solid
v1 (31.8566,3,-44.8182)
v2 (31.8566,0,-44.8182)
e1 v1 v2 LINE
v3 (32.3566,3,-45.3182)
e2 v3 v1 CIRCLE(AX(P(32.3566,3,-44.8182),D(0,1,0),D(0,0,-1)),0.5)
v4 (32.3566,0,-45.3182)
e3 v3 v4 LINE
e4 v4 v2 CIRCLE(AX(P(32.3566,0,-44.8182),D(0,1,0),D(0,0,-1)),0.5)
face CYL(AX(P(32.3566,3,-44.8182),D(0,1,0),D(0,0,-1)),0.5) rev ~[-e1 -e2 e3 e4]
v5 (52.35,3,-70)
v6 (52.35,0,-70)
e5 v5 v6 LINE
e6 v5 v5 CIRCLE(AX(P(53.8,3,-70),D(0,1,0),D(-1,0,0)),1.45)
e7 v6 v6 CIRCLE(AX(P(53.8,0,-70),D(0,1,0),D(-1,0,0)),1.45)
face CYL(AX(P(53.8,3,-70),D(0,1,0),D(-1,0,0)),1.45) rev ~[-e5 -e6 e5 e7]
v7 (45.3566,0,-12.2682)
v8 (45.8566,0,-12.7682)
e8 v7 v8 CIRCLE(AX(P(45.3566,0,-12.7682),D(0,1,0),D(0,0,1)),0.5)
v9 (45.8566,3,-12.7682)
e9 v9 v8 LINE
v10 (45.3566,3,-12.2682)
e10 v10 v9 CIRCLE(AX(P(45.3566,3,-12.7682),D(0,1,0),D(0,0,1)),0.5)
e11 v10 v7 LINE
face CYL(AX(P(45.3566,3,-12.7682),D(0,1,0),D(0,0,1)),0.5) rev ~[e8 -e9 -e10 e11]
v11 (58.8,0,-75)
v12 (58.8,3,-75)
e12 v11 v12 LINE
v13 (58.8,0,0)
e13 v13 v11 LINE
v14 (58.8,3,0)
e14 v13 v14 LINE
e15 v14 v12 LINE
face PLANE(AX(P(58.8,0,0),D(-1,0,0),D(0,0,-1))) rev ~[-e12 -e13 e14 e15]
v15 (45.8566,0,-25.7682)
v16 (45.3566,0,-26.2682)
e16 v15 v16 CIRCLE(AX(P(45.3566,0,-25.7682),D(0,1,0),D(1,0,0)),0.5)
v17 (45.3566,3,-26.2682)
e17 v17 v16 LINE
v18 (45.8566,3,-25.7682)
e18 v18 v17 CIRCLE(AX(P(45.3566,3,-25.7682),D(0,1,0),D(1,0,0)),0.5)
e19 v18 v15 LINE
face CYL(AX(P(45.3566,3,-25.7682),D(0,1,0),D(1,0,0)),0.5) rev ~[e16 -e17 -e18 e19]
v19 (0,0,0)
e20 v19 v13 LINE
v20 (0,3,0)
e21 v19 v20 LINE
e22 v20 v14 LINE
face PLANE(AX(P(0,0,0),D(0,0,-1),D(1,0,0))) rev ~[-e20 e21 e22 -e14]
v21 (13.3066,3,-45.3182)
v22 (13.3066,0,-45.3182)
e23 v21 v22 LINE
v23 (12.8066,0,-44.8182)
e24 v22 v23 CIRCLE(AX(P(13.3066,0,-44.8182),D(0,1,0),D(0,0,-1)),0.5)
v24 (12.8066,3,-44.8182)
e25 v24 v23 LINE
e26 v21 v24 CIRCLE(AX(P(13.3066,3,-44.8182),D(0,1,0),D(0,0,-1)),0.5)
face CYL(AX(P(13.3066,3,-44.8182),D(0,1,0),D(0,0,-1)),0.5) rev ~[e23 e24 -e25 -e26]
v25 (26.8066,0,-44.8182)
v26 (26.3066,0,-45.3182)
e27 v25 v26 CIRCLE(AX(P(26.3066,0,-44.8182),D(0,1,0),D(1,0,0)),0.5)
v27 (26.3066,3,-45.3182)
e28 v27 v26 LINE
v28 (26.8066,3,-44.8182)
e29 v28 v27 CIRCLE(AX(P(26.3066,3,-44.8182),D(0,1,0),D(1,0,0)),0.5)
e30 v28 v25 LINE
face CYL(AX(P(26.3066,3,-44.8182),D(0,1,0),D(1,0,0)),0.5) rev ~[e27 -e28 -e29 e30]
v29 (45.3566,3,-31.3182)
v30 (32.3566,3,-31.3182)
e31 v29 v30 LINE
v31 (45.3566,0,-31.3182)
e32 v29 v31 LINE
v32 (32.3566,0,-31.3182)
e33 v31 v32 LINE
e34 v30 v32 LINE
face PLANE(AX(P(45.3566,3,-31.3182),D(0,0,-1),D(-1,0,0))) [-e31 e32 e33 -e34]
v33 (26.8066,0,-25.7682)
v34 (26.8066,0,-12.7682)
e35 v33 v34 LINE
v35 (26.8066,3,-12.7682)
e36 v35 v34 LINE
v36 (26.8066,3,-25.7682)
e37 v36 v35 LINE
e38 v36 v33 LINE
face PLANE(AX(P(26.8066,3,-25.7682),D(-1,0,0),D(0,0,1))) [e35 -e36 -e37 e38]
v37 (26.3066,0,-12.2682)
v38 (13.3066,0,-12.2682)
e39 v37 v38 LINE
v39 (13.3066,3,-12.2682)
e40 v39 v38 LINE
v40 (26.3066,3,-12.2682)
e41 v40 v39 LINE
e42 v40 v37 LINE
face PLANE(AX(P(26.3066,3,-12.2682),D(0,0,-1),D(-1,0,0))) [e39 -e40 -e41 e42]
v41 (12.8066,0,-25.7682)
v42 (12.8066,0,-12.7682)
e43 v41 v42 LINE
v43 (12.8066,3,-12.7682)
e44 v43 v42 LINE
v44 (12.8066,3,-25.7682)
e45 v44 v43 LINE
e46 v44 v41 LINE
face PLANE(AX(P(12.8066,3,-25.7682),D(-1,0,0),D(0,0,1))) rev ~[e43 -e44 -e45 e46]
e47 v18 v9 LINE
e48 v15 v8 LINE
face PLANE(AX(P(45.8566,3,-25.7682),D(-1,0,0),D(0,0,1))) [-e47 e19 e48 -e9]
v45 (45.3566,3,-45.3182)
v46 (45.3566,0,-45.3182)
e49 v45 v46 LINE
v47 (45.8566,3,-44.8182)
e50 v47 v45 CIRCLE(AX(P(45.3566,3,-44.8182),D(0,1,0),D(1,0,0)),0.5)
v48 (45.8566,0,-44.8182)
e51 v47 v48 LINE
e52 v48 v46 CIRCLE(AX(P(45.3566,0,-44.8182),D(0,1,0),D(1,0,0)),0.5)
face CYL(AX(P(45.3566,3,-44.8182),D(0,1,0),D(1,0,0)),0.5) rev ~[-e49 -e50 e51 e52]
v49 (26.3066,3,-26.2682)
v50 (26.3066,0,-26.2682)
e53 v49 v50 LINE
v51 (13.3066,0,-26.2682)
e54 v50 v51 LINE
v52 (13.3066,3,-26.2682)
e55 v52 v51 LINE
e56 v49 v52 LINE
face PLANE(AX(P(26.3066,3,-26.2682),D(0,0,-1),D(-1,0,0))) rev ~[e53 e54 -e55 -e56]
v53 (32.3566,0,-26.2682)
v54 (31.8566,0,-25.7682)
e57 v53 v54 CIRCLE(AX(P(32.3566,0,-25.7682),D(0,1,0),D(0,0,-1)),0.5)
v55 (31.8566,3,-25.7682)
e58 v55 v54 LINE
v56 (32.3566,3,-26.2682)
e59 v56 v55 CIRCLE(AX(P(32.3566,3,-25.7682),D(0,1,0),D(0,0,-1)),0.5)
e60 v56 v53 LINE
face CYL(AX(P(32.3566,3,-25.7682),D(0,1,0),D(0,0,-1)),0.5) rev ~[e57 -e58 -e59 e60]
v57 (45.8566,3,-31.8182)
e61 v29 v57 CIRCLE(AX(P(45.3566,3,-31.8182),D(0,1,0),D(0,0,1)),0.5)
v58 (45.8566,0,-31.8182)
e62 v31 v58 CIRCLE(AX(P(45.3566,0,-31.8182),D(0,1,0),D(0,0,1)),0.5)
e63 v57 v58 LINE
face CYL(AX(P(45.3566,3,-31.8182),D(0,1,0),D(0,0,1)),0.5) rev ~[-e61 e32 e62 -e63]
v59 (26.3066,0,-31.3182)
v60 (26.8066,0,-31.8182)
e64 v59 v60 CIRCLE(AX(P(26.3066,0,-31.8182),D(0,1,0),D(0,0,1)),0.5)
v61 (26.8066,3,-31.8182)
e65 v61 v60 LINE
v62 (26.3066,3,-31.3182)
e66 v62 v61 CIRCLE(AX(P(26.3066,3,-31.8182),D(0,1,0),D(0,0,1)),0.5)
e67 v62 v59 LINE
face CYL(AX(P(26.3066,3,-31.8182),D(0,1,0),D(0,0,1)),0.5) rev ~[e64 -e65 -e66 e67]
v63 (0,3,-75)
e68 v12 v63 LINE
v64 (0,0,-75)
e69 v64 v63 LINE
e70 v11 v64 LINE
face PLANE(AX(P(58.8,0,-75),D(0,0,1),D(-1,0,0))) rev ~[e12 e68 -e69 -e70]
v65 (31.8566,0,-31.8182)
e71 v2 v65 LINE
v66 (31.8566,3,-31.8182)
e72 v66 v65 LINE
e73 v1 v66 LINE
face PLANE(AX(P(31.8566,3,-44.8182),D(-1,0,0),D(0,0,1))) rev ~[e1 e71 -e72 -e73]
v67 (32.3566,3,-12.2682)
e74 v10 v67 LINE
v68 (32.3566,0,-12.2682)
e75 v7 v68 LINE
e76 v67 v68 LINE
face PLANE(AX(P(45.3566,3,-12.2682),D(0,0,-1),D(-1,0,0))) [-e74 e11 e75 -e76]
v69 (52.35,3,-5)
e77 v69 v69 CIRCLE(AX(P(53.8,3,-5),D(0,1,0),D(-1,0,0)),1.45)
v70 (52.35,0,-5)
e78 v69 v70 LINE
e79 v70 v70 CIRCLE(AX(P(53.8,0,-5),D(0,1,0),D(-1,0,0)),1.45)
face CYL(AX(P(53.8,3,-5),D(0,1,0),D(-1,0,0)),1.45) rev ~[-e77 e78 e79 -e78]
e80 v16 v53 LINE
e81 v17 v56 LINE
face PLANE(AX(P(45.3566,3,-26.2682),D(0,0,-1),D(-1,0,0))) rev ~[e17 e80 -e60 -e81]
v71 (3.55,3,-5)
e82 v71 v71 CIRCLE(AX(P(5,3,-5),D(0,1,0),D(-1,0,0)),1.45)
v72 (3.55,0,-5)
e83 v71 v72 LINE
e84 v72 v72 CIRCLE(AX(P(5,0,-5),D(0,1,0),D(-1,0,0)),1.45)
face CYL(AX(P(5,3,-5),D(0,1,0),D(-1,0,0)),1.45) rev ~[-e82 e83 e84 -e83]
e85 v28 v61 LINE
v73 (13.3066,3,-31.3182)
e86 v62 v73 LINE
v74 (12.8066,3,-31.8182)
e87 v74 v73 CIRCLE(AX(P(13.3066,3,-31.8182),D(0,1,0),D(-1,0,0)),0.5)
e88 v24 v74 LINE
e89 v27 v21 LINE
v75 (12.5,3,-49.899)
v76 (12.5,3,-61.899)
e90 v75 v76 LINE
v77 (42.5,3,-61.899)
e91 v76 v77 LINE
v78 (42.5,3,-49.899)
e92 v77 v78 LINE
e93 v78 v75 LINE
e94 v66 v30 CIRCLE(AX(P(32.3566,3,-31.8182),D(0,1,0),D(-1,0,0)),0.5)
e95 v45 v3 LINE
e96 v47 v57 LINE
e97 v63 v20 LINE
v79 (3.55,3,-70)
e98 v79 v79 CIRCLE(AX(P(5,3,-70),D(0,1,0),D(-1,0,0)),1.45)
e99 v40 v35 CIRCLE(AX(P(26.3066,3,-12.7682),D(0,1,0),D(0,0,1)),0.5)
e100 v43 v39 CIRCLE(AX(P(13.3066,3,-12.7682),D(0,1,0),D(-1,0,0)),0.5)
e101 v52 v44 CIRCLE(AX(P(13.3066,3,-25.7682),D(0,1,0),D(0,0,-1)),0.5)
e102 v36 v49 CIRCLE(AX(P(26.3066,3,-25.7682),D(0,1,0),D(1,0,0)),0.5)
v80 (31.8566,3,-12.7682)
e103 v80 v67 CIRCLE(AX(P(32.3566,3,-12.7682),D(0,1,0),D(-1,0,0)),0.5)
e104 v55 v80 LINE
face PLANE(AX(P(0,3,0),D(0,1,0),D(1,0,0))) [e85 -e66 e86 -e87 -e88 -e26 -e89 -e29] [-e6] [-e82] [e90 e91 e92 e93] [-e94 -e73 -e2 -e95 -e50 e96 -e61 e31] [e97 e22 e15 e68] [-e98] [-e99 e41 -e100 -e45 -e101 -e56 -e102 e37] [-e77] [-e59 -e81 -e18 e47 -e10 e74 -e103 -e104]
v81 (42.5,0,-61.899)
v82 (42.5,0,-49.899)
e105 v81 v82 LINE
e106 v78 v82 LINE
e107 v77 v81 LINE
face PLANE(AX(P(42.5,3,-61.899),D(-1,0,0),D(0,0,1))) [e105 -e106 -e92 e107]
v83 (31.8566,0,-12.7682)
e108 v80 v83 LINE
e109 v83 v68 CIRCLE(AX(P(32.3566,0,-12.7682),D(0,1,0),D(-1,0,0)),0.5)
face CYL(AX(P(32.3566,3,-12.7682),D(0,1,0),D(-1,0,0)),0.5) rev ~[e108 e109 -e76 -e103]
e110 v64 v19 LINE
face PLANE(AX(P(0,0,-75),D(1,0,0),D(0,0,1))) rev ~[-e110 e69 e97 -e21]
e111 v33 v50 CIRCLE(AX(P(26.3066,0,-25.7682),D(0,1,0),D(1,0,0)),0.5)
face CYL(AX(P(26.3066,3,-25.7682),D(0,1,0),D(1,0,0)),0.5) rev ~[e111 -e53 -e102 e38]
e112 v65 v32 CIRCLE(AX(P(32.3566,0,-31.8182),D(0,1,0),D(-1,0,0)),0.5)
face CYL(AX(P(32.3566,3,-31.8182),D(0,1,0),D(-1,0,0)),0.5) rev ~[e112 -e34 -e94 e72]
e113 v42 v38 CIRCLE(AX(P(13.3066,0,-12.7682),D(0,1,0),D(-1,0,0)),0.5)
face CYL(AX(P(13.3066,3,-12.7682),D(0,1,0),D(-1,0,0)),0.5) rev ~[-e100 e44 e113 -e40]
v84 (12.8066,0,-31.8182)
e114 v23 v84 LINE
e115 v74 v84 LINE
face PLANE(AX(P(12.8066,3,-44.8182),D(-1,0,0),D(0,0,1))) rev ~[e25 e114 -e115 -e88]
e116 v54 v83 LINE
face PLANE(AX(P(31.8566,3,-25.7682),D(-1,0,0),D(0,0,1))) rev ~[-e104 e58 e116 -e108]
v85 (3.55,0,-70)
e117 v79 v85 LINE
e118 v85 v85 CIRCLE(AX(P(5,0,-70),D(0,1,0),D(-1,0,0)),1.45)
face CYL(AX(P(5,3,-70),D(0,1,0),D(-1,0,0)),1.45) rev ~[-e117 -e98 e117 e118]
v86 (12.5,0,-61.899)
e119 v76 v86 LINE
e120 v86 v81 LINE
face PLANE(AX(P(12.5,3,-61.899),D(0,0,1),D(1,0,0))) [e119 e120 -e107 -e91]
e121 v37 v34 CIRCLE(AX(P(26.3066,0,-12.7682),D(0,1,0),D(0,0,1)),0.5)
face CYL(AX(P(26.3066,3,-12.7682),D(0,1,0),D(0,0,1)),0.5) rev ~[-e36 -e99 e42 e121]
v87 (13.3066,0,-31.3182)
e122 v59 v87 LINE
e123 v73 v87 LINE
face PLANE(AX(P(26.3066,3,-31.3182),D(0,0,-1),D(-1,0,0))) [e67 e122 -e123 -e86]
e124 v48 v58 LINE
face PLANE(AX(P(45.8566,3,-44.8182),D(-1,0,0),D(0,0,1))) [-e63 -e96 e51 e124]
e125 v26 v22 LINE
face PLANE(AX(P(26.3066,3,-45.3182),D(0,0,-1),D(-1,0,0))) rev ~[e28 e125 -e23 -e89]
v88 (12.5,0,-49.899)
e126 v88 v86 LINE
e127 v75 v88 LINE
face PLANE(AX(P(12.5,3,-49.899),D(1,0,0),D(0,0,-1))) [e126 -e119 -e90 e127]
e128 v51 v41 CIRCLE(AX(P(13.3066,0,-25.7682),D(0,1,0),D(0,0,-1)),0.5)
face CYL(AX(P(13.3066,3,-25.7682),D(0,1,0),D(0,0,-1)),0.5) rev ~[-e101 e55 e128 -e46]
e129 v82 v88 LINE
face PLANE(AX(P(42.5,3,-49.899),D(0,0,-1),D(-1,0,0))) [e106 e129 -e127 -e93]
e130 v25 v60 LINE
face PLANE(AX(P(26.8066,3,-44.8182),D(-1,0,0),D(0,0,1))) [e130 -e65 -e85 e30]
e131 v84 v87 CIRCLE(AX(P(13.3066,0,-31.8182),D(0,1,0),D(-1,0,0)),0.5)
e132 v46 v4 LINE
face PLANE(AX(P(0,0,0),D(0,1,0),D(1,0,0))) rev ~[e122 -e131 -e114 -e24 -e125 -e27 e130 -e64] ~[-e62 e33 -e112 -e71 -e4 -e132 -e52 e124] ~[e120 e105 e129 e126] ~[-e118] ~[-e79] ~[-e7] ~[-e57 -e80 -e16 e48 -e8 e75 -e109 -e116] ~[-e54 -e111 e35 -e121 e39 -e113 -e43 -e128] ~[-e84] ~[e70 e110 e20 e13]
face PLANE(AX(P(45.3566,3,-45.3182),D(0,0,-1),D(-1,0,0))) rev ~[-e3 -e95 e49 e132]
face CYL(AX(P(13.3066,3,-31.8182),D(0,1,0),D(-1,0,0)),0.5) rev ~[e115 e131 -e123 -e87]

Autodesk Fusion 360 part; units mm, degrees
sketch "Sketch1" plane through (0, 0, 0) normal (0, 1, 0) x (1, 0, 0)
  line L0 (0, 0) -> (58.8, 0)
  line L1 (58.8, 0) -> (58.8, 75)
  line L2 (58.8, 75) -> (0, 75)
  line L3 (0, 75) -> (0, 0)
  dimension "d1" = 58.8
  dimension "d2" = 75
extrude "Extrude1" add sketch "Sketch1" along normal blind 3
sketch "Sketch2" plane through (0, 3, 0) normal (0, 1, 0) x (-1, 0, 0)
  line L0 (0, -75) -> (0, 0)
  line L1 (0, 0) -> (-58.8, 0)
  line L2 (-58.8, 0) -> (-58.8, -75)
  line L3 (-58.8, -75) -> (0, -75)
  line L4 (-10, -65) -> (-48.8, -65)
  line L5 (-48.8, -65) -> (-48.8, -10)
  line L6 (-48.8, -10) -> (-10, -10)
  line L7 (-10, -10) -> (-10, -65)
  dimension "d5" = 10
  dimension "d6" = 10
  dimension "d7" = 10
  dimension "d8" = 10
sketch "plate-2026-03-17T21_53_59.045Z" plane through (0, 3, 0) normal (0, 1, 0) x (0, 0, 1)
  line L0 (-44.8182, 45.8566) -> (-31.8182, 45.8566)
  line L1 (-44.8182, 31.8566) -> (-31.8182, 31.8566)
  line L2 (-45.3182, 45.3566) -> (-45.3182, 32.3566)
  line L3 (-31.3182, 45.3566) -> (-31.3182, 32.3566)
  arc A0 (-44.8182, 45.8566) -> (-45.3182, 45.3566) centre (-44.8182, 45.3566) ccw
  arc A1 (-31.3182, 45.3566) -> (-31.8182, 45.8566) centre (-31.8182, 45.3566) ccw
  arc A2 (-45.3182, 32.3566) -> (-44.8182, 31.8566) centre (-44.8182, 32.3566) ccw
  arc A3 (-31.8182, 31.8566) -> (-31.3182, 32.3566) centre (-31.8182, 32.3566) ccw
  line L4 (-25.7682, 45.8566) -> (-12.7682, 45.8566)
  line L5 (-25.7682, 31.8566) -> (-12.7682, 31.8566)
  line L6 (-26.2682, 45.3566) -> (-26.2682, 32.3566)
  line L7 (-12.2682, 45.3566) -> (-12.2682, 32.3566)
  arc A4 (-25.7682, 45.8566) -> (-26.2682, 45.3566) centre (-25.7682, 45.3566) ccw
  arc A5 (-12.2682, 45.3566) -> (-12.7682, 45.8566) centre (-12.7682, 45.3566) ccw
  arc A6 (-26.2682, 32.3566) -> (-25.7682, 31.8566) centre (-25.7682, 32.3566) ccw
  arc A7 (-12.7682, 31.8566) -> (-12.2682, 32.3566) centre (-12.7682, 32.3566) ccw
  line L8 (-44.8182, 26.8066) -> (-31.8182, 26.8066)
  line L9 (-44.8182, 12.8066) -> (-31.8182, 12.8066)
  line L10 (-45.3182, 26.3066) -> (-45.3182, 13.3066)
  line L11 (-31.3182, 26.3066) -> (-31.3182, 13.3066)
  arc A8 (-44.8182, 26.8066) -> (-45.3182, 26.3066) centre (-44.8182, 26.3066) ccw
  arc A9 (-31.3182, 26.3066) -> (-31.8182, 26.8066) centre (-31.8182, 26.3066) ccw
  arc A10 (-45.3182, 13.3066) -> (-44.8182, 12.8066) centre (-44.8182, 13.3066) ccw
  arc A11 (-31.8182, 12.8066) -> (-31.3182, 13.3066) centre (-31.8182, 13.3066) ccw
  line L12 (-25.7682, 26.8066) -> (-12.7682, 26.8066)
  line L13 (-25.7682, 12.8066) -> (-12.7682, 12.8066)
  line L14 (-26.2682, 26.3066) -> (-26.2682, 13.3066)
  line L15 (-12.2682, 26.3066) -> (-12.2682, 13.3066)
  arc A12 (-25.7682, 26.8066) -> (-26.2682, 26.3066) centre (-25.7682, 26.3066) ccw
  arc A13 (-12.2682, 26.3066) -> (-12.7682, 26.8066) centre (-12.7682, 26.3066) ccw
  arc A14 (-26.2682, 13.3066) -> (-25.7682, 12.8066) centre (-25.7682, 13.3066) ccw
  arc A15 (-12.7682, 12.8066) -> (-12.2682, 13.3066) centre (-12.7682, 13.3066) ccw
  line L16 (-47.8432, 10.2816) -> (-9.7432, 10.2816)
  line L17 (-47.8432, 48.3816) -> (-9.7432, 48.3816)
  line L18 (-47.8432, 10.2816) -> (-47.8432, 48.3816)
  line L19 (-9.7432, 10.2816) -> (-9.7432, 48.3816)
extrude "Extrude2" cut sketch "plate-2026-03-17T21_53_59.045Z" against normal blind 3 contours L0 L1 L2 L3 A0 A1 A2 A3 | L4 L5 L6 L7 A4 A5 A6 A7 | L8 L9 L10 L11 A8 A9 A10 A11 | L12 L13 L14 L15 A12 A13 A14 A15
sketch "Sketch4" plane through (0, 3, 0) normal (0, 1, 0) x (-1, 0, 0)
  line L0 (-12.5, -61.899) -> (-42.5, -61.899)
  line L1 (-42.5, -61.899) -> (-42.5, -49.899)
  line L2 (-42.5, -49.899) -> (-12.5, -49.899)
  line L3 (-12.5, -49.899) -> (-12.5, -61.899)
  line L4 (-10, -10) -> (-10, -65)
  dimension "d11" = 12
  dimension "d12" = 30
  dimension "d13" = 2.5
extrude "Extrude3" cut sketch "Sketch4" against normal blind 3
sketch "Sketch5" plane through (0, 3, 0) normal (0, 1, 0) x (-1, 0, 0)
  circle A0 centre (-5, -70) radius 1.45
  circle A1 centre (-5, -5) radius 1.45
  circle A2 centre (-53.8, -70) radius 1.45
  circle A3 centre (-53.8, -5) radius 1.45
  line L0 (-58.8, -75) -> (0, -75)
  line L1 (0, -75) -> (0, 0)
  line L2 (0, 0) -> (-58.8, 0)
  line L3 (-58.8, 0) -> (-58.8, -75)
  dimension "d16" = 2.9
  dimension "d17" = 2.9
  dimension "d18" = 2.9
  dimension "d19" = 2.9
  dimension "d20" = 5
  dimension "d21" = 5
  dimension "d22" = 5
  dimension "d23" = 5
  dimension "d24" = 5
  dimension "d25" = 5
  dimension "d26" = 5
  dimension "d27" = 5
extrude "Extrude4" cut sketch "Sketch5" against normal blind 3 contours A0 | A1 | A2 | A3
